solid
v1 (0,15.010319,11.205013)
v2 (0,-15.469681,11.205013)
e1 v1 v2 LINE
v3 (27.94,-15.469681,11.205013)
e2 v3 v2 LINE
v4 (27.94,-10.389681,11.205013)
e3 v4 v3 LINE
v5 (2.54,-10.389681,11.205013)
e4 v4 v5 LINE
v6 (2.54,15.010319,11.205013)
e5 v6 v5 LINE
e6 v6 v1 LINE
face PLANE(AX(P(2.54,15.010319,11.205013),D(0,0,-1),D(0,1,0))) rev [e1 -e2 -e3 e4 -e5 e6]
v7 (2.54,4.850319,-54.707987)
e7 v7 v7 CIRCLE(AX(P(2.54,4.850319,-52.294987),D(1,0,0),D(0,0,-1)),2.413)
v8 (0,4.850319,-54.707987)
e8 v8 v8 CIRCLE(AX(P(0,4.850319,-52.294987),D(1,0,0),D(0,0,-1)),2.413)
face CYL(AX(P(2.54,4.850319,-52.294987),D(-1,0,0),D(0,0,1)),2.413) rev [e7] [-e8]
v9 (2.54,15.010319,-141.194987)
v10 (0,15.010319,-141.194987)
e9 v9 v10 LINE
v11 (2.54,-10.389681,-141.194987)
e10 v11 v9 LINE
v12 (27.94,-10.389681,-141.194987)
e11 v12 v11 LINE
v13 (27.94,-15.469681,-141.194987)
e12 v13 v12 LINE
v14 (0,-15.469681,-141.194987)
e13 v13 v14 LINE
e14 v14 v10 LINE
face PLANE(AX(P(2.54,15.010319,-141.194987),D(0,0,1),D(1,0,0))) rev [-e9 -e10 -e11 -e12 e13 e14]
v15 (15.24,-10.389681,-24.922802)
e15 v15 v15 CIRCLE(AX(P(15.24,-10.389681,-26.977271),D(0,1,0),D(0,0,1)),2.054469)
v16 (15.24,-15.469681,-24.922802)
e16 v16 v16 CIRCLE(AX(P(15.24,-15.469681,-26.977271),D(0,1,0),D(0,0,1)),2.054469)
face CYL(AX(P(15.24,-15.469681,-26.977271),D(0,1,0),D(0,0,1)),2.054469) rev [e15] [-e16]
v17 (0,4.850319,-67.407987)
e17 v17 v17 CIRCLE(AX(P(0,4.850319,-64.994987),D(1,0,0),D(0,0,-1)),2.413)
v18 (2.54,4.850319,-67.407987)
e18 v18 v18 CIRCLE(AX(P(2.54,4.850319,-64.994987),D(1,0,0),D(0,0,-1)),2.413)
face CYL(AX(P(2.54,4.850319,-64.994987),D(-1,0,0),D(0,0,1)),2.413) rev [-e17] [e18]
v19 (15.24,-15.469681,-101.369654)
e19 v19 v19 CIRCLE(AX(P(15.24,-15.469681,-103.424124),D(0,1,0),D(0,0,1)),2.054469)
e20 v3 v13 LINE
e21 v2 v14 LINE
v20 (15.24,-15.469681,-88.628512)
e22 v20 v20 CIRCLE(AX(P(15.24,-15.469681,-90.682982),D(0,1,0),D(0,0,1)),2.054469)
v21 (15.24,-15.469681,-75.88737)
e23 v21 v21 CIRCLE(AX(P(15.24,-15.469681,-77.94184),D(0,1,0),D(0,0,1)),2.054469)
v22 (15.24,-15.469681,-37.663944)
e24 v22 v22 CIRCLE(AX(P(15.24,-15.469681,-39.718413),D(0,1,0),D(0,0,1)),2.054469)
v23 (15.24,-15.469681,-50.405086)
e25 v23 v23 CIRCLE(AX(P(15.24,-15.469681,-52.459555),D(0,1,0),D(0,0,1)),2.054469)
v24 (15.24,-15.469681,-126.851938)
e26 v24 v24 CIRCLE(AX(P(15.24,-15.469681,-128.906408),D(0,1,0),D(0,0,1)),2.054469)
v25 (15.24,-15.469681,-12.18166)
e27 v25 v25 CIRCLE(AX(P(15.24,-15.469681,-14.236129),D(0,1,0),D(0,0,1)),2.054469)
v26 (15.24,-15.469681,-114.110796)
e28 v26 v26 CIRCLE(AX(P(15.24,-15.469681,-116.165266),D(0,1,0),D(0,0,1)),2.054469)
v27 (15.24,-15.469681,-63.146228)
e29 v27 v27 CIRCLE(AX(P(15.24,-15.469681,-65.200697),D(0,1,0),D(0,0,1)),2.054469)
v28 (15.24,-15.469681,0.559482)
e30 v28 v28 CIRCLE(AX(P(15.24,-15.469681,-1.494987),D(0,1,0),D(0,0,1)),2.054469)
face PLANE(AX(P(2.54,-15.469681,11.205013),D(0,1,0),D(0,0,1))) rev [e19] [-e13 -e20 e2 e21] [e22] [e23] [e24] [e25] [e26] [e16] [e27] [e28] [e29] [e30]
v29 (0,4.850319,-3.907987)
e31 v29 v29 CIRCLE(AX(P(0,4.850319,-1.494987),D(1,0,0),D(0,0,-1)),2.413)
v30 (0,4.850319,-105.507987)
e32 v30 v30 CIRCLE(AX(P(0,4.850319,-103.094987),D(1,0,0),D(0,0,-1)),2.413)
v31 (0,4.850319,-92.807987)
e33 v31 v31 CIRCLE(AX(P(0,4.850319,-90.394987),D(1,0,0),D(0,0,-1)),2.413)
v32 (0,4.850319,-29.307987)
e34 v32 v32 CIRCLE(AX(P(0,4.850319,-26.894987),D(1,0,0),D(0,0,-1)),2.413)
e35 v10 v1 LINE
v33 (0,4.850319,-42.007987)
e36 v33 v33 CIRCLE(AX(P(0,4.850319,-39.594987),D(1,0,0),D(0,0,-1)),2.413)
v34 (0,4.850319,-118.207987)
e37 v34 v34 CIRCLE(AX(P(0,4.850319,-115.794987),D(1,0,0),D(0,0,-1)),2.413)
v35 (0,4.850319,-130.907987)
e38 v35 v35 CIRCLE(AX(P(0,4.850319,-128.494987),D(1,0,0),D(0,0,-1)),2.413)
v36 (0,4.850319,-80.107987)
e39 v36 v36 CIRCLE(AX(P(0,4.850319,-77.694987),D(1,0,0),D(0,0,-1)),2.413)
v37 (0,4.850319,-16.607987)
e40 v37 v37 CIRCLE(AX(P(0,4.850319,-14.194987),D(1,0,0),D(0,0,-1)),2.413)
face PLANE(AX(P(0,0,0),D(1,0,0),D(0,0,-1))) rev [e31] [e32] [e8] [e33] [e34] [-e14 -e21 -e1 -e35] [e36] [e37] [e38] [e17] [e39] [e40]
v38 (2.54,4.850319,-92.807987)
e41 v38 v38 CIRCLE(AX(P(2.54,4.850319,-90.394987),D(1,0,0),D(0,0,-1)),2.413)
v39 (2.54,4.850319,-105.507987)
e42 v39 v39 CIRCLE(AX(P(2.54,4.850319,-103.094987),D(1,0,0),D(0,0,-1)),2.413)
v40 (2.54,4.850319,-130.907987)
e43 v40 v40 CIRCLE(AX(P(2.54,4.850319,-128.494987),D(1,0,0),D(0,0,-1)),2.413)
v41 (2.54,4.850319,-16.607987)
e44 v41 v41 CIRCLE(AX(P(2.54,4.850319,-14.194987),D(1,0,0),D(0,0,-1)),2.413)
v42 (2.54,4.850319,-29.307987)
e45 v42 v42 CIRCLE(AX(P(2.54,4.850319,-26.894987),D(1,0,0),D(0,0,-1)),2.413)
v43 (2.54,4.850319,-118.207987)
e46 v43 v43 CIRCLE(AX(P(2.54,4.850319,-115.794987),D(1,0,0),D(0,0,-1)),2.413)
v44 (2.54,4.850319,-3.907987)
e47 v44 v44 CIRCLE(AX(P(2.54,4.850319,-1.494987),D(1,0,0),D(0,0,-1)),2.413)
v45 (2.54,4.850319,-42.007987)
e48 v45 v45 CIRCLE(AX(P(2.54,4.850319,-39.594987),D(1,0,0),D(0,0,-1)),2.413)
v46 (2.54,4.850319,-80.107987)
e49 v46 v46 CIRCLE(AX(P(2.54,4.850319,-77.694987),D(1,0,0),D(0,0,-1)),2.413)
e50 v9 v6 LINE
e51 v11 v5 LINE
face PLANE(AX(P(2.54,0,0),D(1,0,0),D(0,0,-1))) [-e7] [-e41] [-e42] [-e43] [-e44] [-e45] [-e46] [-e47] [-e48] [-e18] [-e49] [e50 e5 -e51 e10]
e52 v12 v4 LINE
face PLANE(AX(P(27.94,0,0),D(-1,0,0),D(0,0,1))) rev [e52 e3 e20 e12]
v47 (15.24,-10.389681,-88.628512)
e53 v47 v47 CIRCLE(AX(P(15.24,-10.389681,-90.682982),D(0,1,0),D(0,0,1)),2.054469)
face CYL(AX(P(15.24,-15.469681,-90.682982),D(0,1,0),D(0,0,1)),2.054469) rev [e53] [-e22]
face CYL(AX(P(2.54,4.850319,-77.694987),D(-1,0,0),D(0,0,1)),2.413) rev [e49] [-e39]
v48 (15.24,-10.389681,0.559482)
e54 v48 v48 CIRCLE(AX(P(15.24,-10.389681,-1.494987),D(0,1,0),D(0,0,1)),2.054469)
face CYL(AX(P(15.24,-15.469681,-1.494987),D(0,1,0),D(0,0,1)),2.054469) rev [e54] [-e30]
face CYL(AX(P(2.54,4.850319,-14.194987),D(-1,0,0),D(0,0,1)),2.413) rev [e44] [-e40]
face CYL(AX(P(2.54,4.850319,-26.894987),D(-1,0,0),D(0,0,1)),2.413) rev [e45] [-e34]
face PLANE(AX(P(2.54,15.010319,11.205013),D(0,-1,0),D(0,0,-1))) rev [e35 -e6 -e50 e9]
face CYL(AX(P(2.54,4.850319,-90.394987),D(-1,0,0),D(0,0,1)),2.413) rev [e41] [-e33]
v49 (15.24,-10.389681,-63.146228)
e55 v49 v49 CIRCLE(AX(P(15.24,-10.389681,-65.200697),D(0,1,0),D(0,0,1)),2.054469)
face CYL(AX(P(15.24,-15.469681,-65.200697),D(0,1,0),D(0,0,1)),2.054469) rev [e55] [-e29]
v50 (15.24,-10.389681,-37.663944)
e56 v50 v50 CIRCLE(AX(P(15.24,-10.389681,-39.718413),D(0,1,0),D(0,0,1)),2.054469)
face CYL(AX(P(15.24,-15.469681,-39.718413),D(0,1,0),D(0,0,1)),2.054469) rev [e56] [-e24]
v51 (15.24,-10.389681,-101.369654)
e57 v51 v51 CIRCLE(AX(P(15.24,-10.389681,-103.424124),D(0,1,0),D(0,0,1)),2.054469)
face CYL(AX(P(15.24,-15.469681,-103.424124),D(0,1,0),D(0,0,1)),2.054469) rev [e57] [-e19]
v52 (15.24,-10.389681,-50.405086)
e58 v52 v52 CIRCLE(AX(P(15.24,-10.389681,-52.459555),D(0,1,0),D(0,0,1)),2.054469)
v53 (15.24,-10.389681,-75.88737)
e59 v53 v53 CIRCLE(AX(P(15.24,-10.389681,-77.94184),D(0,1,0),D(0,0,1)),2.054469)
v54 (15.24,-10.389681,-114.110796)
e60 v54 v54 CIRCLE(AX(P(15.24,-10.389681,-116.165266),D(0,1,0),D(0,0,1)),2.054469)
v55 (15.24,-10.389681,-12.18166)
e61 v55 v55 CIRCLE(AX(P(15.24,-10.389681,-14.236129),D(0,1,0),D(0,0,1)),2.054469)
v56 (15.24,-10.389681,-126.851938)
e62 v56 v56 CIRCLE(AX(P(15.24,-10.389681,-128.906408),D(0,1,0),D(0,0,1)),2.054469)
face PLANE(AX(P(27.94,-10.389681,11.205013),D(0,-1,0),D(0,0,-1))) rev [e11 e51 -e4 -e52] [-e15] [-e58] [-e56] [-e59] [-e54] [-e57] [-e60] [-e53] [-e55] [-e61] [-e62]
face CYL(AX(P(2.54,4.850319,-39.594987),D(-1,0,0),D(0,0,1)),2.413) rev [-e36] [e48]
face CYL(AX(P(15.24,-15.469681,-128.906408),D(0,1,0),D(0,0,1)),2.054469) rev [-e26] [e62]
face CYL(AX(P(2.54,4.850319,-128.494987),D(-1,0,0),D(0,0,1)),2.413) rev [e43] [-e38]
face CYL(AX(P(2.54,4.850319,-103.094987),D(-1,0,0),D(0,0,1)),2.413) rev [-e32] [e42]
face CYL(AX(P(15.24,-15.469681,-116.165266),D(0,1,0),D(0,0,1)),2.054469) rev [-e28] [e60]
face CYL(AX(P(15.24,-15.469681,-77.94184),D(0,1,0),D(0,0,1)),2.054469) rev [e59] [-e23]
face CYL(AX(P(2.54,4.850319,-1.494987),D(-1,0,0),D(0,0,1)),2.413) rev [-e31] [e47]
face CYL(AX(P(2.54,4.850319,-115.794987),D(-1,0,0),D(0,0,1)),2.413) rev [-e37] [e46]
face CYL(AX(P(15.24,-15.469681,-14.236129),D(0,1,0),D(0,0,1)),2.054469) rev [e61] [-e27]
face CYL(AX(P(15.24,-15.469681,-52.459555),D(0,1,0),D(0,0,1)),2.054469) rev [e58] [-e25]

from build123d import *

# Parameters (mm, degrees)
SKETCH1_W           = 152.4
SKETCH1_H           = 30.48
SKETCH1_R           = 2.413
BOSS_EXTRUDE1_DEPTH = 2.54
SKETCH2_W           = 152.4
SKETCH2_H           = 5.08
BOSS_EXTRUDE2_DEPTH = 25.4
SKETCH3_R           = 2.054469346
CUT_EXTRUDE1_DEPTH  = 147.156860999


with BuildPart() as part:
    # Sketch1 → Boss-Extrude1 (new body)
    with BuildSketch(Plane(origin=(0, 0, 0), x_dir=(0, 0, -1), z_dir=(1, 0, 0))):
        with Locations((64.994987224, -0.229680851)):
            Rectangle(SKETCH1_W, SKETCH1_H)
        with Locations((1.494987224, 4.850319149)):
            Circle(SKETCH1_R, mode=Mode.SUBTRACT)
        with Locations((14.194987224, 4.850319149)):
            Circle(SKETCH1_R, mode=Mode.SUBTRACT)
        with Locations((26.894987224, 4.850319149)):
            Circle(SKETCH1_R, mode=Mode.SUBTRACT)
        with Locations((39.594987224, 4.850319149)):
            Circle(SKETCH1_R, mode=Mode.SUBTRACT)
        with Locations((52.294987224, 4.850319149)):
            Circle(SKETCH1_R, mode=Mode.SUBTRACT)
        with Locations((64.994987224, 4.850319149)):
            Circle(SKETCH1_R, mode=Mode.SUBTRACT)
        with Locations((77.694987224, 4.850319149)):
            Circle(SKETCH1_R, mode=Mode.SUBTRACT)
        with Locations((90.394987224, 4.850319149)):
            Circle(SKETCH1_R, mode=Mode.SUBTRACT)
        with Locations((103.094987224, 4.850319149)):
            Circle(SKETCH1_R, mode=Mode.SUBTRACT)
        with Locations((115.794987224, 4.850319149)):
            Circle(SKETCH1_R, mode=Mode.SUBTRACT)
        with Locations((128.494987224, 4.850319149)):
            Circle(SKETCH1_R, mode=Mode.SUBTRACT)
    extrude(amount=BOSS_EXTRUDE1_DEPTH)

    # Sketch2 → Boss-Extrude2 (add)
    with BuildSketch(Plane(origin=(2.54, 0, 0), x_dir=(0, 0, -1), z_dir=(1, 0, 0))):
        with Locations((64.994987224, -12.929680851)):
            Rectangle(SKETCH2_W, SKETCH2_H)
    extrude(amount=BOSS_EXTRUDE2_DEPTH)

    # Sketch3 → Cut-Extrude1 (cut, through all)
    with BuildSketch(Plane(origin=(0, -10.389680851, 0), x_dir=(1, 0, 0), z_dir=(0, 1, 0))):
        with Locations(Location((15.24, 1.494987224, 0), (0, 0, 270))):
            Circle(SKETCH3_R)
        with Locations(Location((15.24, 14.236129272, 0), (0, 0, 270))):
            Circle(SKETCH3_R)
        with Locations(Location((15.24, 26.977271321, 0), (0, 0, 270))):
            Circle(SKETCH3_R)
        with Locations(Location((15.24, 39.71841337, 0), (0, 0, 270))):
            Circle(SKETCH3_R)
        with Locations(Location((15.24, 52.459555419, 0), (0, 0, 270))):
            Circle(SKETCH3_R)
        with Locations(Location((15.24, 65.200697467, 0), (0, 0, 270))):
            Circle(SKETCH3_R)
        with Locations(Location((15.24, 77.941839516, 0), (0, 0, 270))):
            Circle(SKETCH3_R)
        with Locations(Location((15.24, 90.682981565, 0), (0, 0, 270))):
            Circle(SKETCH3_R)
        with Locations(Location((15.24, 103.424123614, 0), (0, 0, 270))):
            Circle(SKETCH3_R)
        with Locations(Location((15.24, 116.165265662, 0), (0, 0, 270))):
            Circle(SKETCH3_R)
        with Locations(Location((15.24, 128.906407711, 0), (0, 0, 270))):
            Circle(SKETCH3_R)
    extrude(amount=-CUT_EXTRUDE1_DEPTH, mode=Mode.SUBTRACT)


solid = part.part
